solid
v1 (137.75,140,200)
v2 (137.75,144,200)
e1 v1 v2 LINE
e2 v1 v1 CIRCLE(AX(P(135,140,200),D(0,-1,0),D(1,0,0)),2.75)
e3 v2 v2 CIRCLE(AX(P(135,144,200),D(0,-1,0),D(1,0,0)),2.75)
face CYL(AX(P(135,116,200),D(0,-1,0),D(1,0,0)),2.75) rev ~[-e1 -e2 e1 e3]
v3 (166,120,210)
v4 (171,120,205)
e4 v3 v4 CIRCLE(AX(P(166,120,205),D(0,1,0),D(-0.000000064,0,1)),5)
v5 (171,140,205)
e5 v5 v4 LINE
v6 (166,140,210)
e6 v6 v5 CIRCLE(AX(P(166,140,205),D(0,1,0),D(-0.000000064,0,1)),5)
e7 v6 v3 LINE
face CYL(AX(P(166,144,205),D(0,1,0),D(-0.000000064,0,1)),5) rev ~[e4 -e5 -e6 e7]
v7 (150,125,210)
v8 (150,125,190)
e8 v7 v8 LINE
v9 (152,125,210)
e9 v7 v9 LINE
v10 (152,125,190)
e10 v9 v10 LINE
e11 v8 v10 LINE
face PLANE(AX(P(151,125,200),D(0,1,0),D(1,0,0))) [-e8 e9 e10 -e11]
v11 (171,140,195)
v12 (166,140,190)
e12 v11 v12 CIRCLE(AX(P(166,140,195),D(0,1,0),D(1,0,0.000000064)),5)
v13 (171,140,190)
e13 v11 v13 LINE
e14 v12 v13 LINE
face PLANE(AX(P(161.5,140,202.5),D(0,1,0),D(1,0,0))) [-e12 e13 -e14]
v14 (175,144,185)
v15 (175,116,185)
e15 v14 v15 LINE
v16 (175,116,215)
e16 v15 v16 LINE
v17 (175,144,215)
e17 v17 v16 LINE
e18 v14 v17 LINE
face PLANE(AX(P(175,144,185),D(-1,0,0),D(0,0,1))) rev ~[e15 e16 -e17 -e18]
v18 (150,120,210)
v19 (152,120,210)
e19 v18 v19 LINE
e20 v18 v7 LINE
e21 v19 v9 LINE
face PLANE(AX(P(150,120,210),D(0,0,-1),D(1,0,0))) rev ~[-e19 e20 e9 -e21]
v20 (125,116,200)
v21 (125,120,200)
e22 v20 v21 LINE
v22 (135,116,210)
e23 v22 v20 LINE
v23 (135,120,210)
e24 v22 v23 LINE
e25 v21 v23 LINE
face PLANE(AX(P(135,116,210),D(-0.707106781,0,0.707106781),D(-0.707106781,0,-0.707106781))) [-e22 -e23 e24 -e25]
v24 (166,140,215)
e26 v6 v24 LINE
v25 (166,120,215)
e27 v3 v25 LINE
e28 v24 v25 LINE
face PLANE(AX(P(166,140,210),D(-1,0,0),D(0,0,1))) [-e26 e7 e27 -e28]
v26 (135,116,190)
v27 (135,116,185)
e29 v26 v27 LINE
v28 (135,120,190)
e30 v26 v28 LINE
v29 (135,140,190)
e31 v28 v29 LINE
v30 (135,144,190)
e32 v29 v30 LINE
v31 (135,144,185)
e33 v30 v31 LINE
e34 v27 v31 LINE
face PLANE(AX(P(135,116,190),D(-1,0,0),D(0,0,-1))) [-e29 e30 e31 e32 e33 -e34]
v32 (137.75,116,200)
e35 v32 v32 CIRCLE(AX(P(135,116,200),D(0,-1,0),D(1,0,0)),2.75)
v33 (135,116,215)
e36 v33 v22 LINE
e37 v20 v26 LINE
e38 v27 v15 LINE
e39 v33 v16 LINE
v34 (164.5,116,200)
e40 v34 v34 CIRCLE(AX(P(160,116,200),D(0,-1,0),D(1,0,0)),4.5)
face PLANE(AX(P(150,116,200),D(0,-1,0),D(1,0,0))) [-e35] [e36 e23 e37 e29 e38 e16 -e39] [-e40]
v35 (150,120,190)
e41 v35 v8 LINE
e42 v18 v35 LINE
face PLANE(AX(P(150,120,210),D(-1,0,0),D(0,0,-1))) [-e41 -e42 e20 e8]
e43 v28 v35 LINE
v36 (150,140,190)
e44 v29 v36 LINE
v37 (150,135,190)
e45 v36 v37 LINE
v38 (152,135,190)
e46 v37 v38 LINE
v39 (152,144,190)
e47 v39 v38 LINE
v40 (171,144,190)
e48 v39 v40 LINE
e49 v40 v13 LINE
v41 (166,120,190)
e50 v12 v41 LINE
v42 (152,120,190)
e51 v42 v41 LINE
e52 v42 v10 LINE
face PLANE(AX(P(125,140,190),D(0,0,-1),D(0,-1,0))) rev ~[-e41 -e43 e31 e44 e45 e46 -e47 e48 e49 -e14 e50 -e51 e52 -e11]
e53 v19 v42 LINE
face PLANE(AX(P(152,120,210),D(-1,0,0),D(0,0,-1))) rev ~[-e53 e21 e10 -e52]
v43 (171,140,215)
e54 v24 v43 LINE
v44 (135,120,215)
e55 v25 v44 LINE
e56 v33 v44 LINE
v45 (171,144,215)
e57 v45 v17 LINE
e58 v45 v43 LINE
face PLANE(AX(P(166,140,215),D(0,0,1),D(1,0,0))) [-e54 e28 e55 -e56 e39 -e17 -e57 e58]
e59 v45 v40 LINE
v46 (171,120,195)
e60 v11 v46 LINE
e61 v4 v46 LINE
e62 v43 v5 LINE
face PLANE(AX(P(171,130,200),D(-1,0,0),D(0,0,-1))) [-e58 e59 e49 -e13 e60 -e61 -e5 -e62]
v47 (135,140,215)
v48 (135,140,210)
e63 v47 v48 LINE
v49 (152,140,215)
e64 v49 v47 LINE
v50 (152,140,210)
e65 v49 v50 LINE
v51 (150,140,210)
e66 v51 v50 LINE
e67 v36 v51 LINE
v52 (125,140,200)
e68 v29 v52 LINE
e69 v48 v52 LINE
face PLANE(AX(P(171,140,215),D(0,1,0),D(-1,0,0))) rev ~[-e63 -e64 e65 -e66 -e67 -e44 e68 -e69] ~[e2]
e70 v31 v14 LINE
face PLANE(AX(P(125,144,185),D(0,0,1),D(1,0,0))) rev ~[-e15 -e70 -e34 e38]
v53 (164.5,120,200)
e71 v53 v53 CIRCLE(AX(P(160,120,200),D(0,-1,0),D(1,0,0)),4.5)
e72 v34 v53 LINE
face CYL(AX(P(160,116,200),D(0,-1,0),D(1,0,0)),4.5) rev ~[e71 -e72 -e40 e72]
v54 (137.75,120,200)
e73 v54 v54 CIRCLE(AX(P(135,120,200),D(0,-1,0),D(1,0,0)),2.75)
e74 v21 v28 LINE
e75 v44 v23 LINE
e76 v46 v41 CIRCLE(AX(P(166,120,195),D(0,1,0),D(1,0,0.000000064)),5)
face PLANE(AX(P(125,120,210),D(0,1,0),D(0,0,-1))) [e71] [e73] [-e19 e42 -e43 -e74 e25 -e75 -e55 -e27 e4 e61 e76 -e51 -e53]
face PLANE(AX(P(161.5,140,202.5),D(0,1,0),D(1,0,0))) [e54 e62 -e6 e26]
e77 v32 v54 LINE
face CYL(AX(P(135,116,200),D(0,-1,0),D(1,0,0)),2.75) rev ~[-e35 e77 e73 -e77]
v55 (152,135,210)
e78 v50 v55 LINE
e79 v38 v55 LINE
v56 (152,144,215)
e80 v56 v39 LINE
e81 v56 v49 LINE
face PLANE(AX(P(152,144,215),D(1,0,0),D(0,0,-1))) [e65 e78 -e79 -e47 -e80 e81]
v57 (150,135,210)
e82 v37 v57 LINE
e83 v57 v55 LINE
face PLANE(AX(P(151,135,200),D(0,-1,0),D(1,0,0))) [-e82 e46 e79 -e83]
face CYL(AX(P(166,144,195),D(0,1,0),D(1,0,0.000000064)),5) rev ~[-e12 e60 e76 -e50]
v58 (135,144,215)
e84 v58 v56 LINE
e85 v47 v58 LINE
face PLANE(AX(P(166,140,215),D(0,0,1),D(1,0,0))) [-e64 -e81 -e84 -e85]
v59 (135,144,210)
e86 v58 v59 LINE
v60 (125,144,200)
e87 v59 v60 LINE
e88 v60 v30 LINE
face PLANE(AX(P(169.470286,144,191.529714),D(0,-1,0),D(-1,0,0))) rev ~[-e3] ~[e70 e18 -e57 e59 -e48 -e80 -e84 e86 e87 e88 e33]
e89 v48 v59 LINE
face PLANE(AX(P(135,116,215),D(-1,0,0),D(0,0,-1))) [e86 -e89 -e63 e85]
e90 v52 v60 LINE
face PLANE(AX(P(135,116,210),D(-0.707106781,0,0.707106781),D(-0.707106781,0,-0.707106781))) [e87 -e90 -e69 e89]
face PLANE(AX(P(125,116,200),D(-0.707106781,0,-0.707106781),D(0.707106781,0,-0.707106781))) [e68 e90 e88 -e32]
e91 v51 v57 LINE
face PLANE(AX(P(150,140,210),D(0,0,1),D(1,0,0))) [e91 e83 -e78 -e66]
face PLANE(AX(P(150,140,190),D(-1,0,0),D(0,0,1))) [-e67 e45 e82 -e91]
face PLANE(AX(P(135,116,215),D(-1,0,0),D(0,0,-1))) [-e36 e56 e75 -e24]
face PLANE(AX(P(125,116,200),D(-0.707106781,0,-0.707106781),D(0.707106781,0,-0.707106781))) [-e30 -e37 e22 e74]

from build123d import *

# Parameters (mm, degrees)
SKETCH058_W     = 50
SKETCH058_H     = 30
PAD015_DEPTH    = 28
SKETCH059_R     = 4.5
HOLE009_DEPTH   = 4
HOLE009_TIPS_R  = 4.5
SKETCH060_W     = 20
SKETCH060_H     = 20
POCKET021_DEPTH = 46
POCKET022_DEPTH = 28.001
SKETCH062_R     = 2.75
HOLE010_DEPTH   = 28.001
SKETCH063_W     = 42
SKETCH063_H     = 20
POCKET023_DEPTH = 25
SKETCH064_W     = 2
SKETCH064_H     = 20
PAD016_DEPTH    = 5
PAD017_DEPTH    = 24
SKETCH066_W     = 5
SKETCH066_H     = 5
PAD018_DEPTH    = 20
SKETCH067_W     = 19
SKETCH067_H     = 25
POCKET024_DEPTH = 4
SKETCH068_W     = 2
SKETCH068_H     = 20
PAD019_DEPTH    = 5


with BuildPart() as part:
    # Sketch058 → Pad015 (new body)
    with BuildSketch(Plane.XZ.offset(-144)):
        with Locations((150, 200)):
            Rectangle(SKETCH058_W, SKETCH058_H)
    extrude(amount=PAD015_DEPTH)

    # Sketch059 (on Face6 of Pad015) → Hole009 (cut)
    with BuildSketch(Plane.XZ.offset(-116)):
        with Locations((160, 200)):
            Circle(SKETCH059_R)
    extrude(amount=-HOLE009_DEPTH, mode=Mode.SUBTRACT)

    # Hole009 tips → Hole009 tip 1 section 0
    with BuildSketch(Plane.XZ.offset(-120), mode=Mode.PRIVATE) as hole009_tip_1_s0:
        with Locations((160, 200)):
            Circle(HOLE009_TIPS_R)
    loft([hole009_tip_1_s0.sketch, Vertex(160, 122.703873, 200)], mode=Mode.SUBTRACT)

    # Sketch060 (on Face2 of Hole009) → Pocket021 (cut)
    with BuildSketch(Plane(origin=(125, 0, 0), x_dir=(0, 0, -1), z_dir=(-1, 0, 0))):
        with Locations((-200, -130)):
            Rectangle(SKETCH060_W, SKETCH060_H)
    extrude(amount=-POCKET021_DEPTH, mode=Mode.SUBTRACT)

    # Sketch061 (on Face5 of Pocket021) → Pocket022 (cut, through all)
    with BuildSketch(Plane.XZ.offset(-116)):
        Polygon((125, 200), (135, 190), (135, 185), (125, 185), (125, 215), (135, 215), (135, 210), align=None)
    extrude(amount=-POCKET022_DEPTH, mode=Mode.SUBTRACT)

    # Sketch062 (on Face4 of Pocket022) → Hole010 (cut, through all)
    with BuildSketch(Plane.XZ.offset(-116)):
        with Locations((135, 200)):
            Circle(SKETCH062_R)
    extrude(amount=-HOLE010_DEPTH, mode=Mode.SUBTRACT)

    # Sketch063 (on Face7 of Hole010) → Pocket023 (cut)
    with BuildSketch(Plane(origin=(0, 0, 215), x_dir=(-1, 0, 0), z_dir=(0, 0, 1))):
        with Locations((-150, -130)):
            Rectangle(SKETCH063_W, SKETCH063_H)
    extrude(amount=-POCKET023_DEPTH, mode=Mode.SUBTRACT)

    # Sketch064 (on Face23 of Pocket023) → Pad016 (join)
    with BuildSketch(Plane(origin=(0, 120, 0), x_dir=(1, 0, 0), z_dir=(0, 1, 0))):
        with Locations((151, -200)):
            Rectangle(SKETCH064_W, SKETCH064_H)
    extrude(amount=PAD016_DEPTH)

    # Sketch065 (on Face2 of Pocket023) → Pad017 (join)
    with BuildSketch(Plane(origin=(0, 144, 0), x_dir=(1, 0, 0), z_dir=(0, 1, 0))):
        with BuildLine():
            Line((166, -190), (171, -190))
            Line((171, -190), (171, -195))
            ThreePointArc((171, -195), (169.535534, -191.464466), (166, -190))
        make_face()
        with BuildLine():
            Line((166, -210), (171, -210))
            Line((171, -210), (171, -205))
            ThreePointArc((166, -210), (169.535534, -208.535534), (171, -205))
        make_face()
    extrude(amount=-PAD017_DEPTH)

    # Sketch066 (on Face21 of Pad017) → Pad018 (join)
    with BuildSketch(Plane.XZ.offset(-140)):
        with Locations((168.5, 212.5)):
            Rectangle(SKETCH066_W, SKETCH066_H)
    extrude(amount=PAD018_DEPTH)

    # Sketch067 (on Face2 of Pad018) → Pocket024 (cut)
    with BuildSketch(Plane(origin=(0, 144, 0), x_dir=(1, 0, 0), z_dir=(0, 1, 0))):
        with Locations((161.5, -202.5)):
            Rectangle(SKETCH067_W, SKETCH067_H)
    extrude(amount=-POCKET024_DEPTH, mode=Mode.SUBTRACT)

    # Sketch068 (on Face26 of Pocket024) → Pad019 (join)
    with BuildSketch(Plane.XZ.offset(-140)):
        with Locations((151, 200)):
            Rectangle(SKETCH068_W, SKETCH068_H)
    extrude(amount=PAD019_DEPTH)


solid = part.part
